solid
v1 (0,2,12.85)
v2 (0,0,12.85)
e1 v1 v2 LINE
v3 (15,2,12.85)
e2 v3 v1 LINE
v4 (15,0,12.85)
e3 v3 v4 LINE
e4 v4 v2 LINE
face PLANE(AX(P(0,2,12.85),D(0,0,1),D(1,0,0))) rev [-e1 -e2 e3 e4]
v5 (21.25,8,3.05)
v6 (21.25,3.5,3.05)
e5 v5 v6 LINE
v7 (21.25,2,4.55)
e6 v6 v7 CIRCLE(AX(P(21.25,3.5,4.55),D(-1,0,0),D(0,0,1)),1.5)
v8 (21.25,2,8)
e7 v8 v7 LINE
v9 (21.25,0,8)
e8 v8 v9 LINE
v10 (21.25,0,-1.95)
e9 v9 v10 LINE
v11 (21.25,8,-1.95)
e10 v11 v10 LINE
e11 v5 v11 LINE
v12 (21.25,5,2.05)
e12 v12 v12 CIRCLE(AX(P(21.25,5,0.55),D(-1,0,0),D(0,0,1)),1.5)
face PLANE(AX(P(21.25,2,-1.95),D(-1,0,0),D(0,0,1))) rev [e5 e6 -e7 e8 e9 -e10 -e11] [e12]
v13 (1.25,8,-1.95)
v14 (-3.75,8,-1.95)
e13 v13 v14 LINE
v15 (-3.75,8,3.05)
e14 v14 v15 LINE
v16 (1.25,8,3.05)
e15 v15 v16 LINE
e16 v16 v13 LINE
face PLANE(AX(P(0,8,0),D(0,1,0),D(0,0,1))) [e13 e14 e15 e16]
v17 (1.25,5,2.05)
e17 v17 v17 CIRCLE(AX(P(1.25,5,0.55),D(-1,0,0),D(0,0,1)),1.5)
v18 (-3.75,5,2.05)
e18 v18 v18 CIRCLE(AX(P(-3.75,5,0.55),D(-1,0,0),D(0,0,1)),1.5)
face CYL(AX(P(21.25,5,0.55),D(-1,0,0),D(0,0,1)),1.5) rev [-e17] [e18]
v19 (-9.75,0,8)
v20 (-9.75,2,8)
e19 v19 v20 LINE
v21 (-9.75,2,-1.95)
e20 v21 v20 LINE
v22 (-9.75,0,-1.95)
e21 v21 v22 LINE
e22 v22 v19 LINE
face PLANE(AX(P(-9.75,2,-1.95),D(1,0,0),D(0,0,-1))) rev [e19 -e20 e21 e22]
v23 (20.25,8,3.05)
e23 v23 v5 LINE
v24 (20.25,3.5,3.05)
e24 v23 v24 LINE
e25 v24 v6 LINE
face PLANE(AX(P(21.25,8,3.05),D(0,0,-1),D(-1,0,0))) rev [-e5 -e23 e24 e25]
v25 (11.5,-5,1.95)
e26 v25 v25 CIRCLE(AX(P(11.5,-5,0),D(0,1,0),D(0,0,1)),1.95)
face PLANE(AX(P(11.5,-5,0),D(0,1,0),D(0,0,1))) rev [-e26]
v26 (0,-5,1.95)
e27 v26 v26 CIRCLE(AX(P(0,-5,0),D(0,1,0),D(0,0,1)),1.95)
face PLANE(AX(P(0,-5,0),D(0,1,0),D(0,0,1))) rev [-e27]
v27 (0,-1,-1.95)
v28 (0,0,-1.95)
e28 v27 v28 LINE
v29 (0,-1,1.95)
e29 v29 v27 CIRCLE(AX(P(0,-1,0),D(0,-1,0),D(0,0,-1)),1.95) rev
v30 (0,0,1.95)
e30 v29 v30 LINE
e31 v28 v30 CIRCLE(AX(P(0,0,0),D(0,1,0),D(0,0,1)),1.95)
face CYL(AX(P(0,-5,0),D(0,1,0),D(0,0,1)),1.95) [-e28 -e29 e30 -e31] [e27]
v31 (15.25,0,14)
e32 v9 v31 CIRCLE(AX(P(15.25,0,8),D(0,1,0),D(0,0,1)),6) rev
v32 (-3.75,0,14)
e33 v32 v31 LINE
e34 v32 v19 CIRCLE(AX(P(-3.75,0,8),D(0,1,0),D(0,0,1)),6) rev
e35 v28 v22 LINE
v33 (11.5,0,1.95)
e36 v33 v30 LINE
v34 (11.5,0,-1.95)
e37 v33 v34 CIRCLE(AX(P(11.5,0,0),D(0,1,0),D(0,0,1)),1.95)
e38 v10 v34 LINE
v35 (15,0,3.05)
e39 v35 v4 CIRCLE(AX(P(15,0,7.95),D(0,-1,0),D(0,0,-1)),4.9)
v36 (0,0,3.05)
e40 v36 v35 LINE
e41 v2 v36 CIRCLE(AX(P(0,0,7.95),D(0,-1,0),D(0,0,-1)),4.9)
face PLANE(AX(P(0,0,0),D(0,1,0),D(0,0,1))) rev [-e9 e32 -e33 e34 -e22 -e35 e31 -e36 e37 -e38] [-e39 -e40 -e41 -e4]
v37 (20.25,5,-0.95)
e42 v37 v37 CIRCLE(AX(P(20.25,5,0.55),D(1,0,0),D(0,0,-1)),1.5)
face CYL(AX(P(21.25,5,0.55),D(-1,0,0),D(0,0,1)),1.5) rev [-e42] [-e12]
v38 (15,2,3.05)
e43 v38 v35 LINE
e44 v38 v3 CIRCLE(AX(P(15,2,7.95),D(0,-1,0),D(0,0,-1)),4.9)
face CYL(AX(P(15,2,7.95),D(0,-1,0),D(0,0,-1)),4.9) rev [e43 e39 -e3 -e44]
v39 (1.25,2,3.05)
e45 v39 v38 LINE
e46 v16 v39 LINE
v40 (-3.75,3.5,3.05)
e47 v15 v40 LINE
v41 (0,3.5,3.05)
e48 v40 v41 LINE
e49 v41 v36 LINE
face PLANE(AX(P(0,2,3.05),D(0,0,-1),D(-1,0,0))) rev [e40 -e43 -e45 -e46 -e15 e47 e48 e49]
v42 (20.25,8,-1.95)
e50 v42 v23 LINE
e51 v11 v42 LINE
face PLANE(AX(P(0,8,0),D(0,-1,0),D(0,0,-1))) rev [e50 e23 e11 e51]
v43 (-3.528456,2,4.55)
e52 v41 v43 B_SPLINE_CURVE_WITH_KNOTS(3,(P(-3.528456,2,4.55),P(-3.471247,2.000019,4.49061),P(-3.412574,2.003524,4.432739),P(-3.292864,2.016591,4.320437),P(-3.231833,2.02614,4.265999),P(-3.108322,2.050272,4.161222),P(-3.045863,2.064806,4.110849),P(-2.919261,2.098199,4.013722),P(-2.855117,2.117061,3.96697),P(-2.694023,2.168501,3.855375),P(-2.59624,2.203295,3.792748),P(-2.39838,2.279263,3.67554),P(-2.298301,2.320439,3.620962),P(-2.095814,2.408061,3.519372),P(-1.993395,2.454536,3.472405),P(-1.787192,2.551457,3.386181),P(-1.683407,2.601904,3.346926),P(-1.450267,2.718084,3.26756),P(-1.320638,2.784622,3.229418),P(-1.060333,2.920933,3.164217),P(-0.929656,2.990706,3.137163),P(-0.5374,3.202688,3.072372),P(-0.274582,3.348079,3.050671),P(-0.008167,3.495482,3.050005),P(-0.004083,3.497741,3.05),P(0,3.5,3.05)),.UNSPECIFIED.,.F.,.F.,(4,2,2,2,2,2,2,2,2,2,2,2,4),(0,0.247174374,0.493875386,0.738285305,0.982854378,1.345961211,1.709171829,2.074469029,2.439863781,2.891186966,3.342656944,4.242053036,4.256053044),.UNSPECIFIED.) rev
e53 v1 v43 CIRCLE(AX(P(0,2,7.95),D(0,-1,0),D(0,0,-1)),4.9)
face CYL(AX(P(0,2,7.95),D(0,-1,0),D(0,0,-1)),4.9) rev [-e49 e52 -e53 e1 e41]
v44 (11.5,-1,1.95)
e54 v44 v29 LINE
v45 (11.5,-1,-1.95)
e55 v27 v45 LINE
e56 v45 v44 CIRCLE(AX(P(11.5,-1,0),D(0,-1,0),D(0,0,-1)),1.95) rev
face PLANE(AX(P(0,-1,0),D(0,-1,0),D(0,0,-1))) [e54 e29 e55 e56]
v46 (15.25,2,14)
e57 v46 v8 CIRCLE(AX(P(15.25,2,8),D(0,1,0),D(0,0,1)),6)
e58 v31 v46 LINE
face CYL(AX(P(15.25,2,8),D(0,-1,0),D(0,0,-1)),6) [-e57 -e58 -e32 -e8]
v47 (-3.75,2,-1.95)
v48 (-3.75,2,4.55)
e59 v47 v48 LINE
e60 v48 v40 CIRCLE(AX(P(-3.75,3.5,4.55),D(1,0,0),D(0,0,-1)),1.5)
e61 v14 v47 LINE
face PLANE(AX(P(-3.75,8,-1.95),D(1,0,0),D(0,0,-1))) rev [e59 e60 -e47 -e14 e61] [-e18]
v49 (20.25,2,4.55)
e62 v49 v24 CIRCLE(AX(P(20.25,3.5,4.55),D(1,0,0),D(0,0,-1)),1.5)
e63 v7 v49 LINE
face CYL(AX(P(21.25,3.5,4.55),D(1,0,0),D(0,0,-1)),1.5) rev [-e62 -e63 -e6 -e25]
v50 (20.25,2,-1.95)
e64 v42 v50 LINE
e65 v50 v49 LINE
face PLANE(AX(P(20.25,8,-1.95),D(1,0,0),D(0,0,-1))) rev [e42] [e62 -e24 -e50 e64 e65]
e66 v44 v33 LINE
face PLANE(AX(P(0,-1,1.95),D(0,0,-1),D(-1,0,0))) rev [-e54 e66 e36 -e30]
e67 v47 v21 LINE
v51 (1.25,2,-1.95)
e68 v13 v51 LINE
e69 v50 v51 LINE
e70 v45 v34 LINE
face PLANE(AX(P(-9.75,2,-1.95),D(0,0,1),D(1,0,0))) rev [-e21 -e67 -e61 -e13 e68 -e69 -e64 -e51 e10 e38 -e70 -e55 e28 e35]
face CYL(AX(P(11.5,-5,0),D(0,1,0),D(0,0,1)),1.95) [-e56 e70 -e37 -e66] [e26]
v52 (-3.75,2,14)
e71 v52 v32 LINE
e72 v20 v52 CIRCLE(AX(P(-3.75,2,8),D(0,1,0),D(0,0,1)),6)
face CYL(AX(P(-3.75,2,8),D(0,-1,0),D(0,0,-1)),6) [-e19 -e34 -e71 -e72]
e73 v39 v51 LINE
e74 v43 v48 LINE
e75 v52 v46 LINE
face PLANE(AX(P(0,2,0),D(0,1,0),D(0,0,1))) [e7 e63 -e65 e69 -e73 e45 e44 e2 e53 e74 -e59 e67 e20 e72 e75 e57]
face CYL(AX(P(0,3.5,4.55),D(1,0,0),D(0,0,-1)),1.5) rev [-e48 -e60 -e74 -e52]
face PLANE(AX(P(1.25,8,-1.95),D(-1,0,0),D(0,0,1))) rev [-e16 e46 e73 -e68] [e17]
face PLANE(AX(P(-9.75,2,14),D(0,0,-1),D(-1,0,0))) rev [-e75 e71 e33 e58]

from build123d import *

# Parameters (mm, degrees)
SKETCH1_R             = 1.95
BOSS_EXTRUDE2_DEPTH   = 5
BOSS_EXTRUDE2_2_DEPTH = 5
SKETCH2_W             = 31
SKETCH2_H             = 15.95
BOSS_EXTRUDE4_DEPTH   = 2
CUT_EXTRUDE1_DEPTH    = 2
FILLET1_R             = 6
BOSS_EXTRUDE5_DEPTH   = 1
SKETCH6_W             = 1
SKETCH6_H             = 5
SKETCH6_W_2           = 5
BOSS_EXTRUDE6_DEPTH   = 6
SKETCH8_R             = 1.5
CUT_EXTRUDE3_DEPTH    = 26
FILLET5_R             = 1.5


with BuildPart() as part:
    # Sketch1 → Boss-Extrude2 (new body)
    with BuildSketch(Plane(origin=(0, 0, 0), x_dir=(1, 0, 0), z_dir=(0, 1, 0))):
        Circle(SKETCH1_R)
    extrude(amount=-BOSS_EXTRUDE2_DEPTH)



with BuildPart() as body_2:
    # Sketch1 → Boss-Extrude2 2 (new body)
    with BuildSketch(Plane(origin=(0, 0, 0), x_dir=(1, 0, 0), z_dir=(0, 1, 0))):
        with Locations((11.5, 0)):
            Circle(SKETCH1_R)
    extrude(amount=-BOSS_EXTRUDE2_2_DEPTH)


with BuildPart() as part_1:
    add(part.part)

    add(body_2.part)  # Boss-Extrude4 merges body 2
    # Sketch2 → Boss-Extrude4 (add)
    with BuildSketch(Plane(origin=(0, 0, 0), x_dir=(1, 0, 0), z_dir=(0, 1, 0))):
        with Locations((5.75, -6.025)):
            Rectangle(SKETCH2_W, SKETCH2_H)
    extrude(amount=BOSS_EXTRUDE4_DEPTH)

    # Sketch3 → Cut-Extrude1 (cut)
    with BuildSketch(Plane.XZ):
        with BuildLine():
            Line((0, 12.85), (15, 12.85))
            ThreePointArc((15, 12.85), (19.9, 7.95), (15, 3.05))
            Line((15, 3.05), (0, 3.05))
            ThreePointArc((0, 3.05), (-4.9, 7.95), (0, 12.85))
        make_face()
    extrude(amount=-CUT_EXTRUDE1_DEPTH, mode=Mode.SUBTRACT)

    # Fillet1
    fillet1_edges = [part_1.edges().sort_by_distance(p)[0] for p in [
        (-9.75, 1, 14),
        (21.25, 1, 14),
    ]]
    fillet(fillet1_edges, radius=FILLET1_R)

    # Sketch4 → Boss-Extrude5 (add)
    with BuildSketch(Plane.XZ):
        with BuildLine():
            Line((0, 1.95), (11.5, 1.95))
            ThreePointArc((11.5, 1.95), (13.45, 0), (11.5, -1.95))
            Line((11.5, -1.95), (0, -1.95))
            ThreePointArc((0, -1.95), (-1.95, 0), (0, 1.95))
        make_face()
    extrude(amount=BOSS_EXTRUDE5_DEPTH)

    # Sketch6 → Boss-Extrude6 (add)
    with BuildSketch(Plane(origin=(0, 2, 0), x_dir=(1, 0, 0), z_dir=(0, 1, 0))):
        with Locations((20.75, -0.55)):
            Rectangle(SKETCH6_W, SKETCH6_H)
        with Locations((-1.25, -0.55)):
            Rectangle(SKETCH6_W_2, SKETCH6_H)
    extrude(amount=BOSS_EXTRUDE6_DEPTH)

    # Sketch8 → Cut-Extrude3 (cut, through all)
    with BuildSketch(Plane.ZY.offset(3.75)):
        with Locations((0.55, 5)):
            Circle(SKETCH8_R)
    extrude(amount=-CUT_EXTRUDE3_DEPTH, mode=Mode.SUBTRACT)

    # Fillet5
    fillet5_edges = [part_1.edges().sort_by_distance(p)[0] for p in [
        (-1.875, 2, 3.05),
        (20.75, 2, 3.05),
    ]]
    fillet(fillet5_edges, radius=FILLET5_R)


solid = part_1.part
